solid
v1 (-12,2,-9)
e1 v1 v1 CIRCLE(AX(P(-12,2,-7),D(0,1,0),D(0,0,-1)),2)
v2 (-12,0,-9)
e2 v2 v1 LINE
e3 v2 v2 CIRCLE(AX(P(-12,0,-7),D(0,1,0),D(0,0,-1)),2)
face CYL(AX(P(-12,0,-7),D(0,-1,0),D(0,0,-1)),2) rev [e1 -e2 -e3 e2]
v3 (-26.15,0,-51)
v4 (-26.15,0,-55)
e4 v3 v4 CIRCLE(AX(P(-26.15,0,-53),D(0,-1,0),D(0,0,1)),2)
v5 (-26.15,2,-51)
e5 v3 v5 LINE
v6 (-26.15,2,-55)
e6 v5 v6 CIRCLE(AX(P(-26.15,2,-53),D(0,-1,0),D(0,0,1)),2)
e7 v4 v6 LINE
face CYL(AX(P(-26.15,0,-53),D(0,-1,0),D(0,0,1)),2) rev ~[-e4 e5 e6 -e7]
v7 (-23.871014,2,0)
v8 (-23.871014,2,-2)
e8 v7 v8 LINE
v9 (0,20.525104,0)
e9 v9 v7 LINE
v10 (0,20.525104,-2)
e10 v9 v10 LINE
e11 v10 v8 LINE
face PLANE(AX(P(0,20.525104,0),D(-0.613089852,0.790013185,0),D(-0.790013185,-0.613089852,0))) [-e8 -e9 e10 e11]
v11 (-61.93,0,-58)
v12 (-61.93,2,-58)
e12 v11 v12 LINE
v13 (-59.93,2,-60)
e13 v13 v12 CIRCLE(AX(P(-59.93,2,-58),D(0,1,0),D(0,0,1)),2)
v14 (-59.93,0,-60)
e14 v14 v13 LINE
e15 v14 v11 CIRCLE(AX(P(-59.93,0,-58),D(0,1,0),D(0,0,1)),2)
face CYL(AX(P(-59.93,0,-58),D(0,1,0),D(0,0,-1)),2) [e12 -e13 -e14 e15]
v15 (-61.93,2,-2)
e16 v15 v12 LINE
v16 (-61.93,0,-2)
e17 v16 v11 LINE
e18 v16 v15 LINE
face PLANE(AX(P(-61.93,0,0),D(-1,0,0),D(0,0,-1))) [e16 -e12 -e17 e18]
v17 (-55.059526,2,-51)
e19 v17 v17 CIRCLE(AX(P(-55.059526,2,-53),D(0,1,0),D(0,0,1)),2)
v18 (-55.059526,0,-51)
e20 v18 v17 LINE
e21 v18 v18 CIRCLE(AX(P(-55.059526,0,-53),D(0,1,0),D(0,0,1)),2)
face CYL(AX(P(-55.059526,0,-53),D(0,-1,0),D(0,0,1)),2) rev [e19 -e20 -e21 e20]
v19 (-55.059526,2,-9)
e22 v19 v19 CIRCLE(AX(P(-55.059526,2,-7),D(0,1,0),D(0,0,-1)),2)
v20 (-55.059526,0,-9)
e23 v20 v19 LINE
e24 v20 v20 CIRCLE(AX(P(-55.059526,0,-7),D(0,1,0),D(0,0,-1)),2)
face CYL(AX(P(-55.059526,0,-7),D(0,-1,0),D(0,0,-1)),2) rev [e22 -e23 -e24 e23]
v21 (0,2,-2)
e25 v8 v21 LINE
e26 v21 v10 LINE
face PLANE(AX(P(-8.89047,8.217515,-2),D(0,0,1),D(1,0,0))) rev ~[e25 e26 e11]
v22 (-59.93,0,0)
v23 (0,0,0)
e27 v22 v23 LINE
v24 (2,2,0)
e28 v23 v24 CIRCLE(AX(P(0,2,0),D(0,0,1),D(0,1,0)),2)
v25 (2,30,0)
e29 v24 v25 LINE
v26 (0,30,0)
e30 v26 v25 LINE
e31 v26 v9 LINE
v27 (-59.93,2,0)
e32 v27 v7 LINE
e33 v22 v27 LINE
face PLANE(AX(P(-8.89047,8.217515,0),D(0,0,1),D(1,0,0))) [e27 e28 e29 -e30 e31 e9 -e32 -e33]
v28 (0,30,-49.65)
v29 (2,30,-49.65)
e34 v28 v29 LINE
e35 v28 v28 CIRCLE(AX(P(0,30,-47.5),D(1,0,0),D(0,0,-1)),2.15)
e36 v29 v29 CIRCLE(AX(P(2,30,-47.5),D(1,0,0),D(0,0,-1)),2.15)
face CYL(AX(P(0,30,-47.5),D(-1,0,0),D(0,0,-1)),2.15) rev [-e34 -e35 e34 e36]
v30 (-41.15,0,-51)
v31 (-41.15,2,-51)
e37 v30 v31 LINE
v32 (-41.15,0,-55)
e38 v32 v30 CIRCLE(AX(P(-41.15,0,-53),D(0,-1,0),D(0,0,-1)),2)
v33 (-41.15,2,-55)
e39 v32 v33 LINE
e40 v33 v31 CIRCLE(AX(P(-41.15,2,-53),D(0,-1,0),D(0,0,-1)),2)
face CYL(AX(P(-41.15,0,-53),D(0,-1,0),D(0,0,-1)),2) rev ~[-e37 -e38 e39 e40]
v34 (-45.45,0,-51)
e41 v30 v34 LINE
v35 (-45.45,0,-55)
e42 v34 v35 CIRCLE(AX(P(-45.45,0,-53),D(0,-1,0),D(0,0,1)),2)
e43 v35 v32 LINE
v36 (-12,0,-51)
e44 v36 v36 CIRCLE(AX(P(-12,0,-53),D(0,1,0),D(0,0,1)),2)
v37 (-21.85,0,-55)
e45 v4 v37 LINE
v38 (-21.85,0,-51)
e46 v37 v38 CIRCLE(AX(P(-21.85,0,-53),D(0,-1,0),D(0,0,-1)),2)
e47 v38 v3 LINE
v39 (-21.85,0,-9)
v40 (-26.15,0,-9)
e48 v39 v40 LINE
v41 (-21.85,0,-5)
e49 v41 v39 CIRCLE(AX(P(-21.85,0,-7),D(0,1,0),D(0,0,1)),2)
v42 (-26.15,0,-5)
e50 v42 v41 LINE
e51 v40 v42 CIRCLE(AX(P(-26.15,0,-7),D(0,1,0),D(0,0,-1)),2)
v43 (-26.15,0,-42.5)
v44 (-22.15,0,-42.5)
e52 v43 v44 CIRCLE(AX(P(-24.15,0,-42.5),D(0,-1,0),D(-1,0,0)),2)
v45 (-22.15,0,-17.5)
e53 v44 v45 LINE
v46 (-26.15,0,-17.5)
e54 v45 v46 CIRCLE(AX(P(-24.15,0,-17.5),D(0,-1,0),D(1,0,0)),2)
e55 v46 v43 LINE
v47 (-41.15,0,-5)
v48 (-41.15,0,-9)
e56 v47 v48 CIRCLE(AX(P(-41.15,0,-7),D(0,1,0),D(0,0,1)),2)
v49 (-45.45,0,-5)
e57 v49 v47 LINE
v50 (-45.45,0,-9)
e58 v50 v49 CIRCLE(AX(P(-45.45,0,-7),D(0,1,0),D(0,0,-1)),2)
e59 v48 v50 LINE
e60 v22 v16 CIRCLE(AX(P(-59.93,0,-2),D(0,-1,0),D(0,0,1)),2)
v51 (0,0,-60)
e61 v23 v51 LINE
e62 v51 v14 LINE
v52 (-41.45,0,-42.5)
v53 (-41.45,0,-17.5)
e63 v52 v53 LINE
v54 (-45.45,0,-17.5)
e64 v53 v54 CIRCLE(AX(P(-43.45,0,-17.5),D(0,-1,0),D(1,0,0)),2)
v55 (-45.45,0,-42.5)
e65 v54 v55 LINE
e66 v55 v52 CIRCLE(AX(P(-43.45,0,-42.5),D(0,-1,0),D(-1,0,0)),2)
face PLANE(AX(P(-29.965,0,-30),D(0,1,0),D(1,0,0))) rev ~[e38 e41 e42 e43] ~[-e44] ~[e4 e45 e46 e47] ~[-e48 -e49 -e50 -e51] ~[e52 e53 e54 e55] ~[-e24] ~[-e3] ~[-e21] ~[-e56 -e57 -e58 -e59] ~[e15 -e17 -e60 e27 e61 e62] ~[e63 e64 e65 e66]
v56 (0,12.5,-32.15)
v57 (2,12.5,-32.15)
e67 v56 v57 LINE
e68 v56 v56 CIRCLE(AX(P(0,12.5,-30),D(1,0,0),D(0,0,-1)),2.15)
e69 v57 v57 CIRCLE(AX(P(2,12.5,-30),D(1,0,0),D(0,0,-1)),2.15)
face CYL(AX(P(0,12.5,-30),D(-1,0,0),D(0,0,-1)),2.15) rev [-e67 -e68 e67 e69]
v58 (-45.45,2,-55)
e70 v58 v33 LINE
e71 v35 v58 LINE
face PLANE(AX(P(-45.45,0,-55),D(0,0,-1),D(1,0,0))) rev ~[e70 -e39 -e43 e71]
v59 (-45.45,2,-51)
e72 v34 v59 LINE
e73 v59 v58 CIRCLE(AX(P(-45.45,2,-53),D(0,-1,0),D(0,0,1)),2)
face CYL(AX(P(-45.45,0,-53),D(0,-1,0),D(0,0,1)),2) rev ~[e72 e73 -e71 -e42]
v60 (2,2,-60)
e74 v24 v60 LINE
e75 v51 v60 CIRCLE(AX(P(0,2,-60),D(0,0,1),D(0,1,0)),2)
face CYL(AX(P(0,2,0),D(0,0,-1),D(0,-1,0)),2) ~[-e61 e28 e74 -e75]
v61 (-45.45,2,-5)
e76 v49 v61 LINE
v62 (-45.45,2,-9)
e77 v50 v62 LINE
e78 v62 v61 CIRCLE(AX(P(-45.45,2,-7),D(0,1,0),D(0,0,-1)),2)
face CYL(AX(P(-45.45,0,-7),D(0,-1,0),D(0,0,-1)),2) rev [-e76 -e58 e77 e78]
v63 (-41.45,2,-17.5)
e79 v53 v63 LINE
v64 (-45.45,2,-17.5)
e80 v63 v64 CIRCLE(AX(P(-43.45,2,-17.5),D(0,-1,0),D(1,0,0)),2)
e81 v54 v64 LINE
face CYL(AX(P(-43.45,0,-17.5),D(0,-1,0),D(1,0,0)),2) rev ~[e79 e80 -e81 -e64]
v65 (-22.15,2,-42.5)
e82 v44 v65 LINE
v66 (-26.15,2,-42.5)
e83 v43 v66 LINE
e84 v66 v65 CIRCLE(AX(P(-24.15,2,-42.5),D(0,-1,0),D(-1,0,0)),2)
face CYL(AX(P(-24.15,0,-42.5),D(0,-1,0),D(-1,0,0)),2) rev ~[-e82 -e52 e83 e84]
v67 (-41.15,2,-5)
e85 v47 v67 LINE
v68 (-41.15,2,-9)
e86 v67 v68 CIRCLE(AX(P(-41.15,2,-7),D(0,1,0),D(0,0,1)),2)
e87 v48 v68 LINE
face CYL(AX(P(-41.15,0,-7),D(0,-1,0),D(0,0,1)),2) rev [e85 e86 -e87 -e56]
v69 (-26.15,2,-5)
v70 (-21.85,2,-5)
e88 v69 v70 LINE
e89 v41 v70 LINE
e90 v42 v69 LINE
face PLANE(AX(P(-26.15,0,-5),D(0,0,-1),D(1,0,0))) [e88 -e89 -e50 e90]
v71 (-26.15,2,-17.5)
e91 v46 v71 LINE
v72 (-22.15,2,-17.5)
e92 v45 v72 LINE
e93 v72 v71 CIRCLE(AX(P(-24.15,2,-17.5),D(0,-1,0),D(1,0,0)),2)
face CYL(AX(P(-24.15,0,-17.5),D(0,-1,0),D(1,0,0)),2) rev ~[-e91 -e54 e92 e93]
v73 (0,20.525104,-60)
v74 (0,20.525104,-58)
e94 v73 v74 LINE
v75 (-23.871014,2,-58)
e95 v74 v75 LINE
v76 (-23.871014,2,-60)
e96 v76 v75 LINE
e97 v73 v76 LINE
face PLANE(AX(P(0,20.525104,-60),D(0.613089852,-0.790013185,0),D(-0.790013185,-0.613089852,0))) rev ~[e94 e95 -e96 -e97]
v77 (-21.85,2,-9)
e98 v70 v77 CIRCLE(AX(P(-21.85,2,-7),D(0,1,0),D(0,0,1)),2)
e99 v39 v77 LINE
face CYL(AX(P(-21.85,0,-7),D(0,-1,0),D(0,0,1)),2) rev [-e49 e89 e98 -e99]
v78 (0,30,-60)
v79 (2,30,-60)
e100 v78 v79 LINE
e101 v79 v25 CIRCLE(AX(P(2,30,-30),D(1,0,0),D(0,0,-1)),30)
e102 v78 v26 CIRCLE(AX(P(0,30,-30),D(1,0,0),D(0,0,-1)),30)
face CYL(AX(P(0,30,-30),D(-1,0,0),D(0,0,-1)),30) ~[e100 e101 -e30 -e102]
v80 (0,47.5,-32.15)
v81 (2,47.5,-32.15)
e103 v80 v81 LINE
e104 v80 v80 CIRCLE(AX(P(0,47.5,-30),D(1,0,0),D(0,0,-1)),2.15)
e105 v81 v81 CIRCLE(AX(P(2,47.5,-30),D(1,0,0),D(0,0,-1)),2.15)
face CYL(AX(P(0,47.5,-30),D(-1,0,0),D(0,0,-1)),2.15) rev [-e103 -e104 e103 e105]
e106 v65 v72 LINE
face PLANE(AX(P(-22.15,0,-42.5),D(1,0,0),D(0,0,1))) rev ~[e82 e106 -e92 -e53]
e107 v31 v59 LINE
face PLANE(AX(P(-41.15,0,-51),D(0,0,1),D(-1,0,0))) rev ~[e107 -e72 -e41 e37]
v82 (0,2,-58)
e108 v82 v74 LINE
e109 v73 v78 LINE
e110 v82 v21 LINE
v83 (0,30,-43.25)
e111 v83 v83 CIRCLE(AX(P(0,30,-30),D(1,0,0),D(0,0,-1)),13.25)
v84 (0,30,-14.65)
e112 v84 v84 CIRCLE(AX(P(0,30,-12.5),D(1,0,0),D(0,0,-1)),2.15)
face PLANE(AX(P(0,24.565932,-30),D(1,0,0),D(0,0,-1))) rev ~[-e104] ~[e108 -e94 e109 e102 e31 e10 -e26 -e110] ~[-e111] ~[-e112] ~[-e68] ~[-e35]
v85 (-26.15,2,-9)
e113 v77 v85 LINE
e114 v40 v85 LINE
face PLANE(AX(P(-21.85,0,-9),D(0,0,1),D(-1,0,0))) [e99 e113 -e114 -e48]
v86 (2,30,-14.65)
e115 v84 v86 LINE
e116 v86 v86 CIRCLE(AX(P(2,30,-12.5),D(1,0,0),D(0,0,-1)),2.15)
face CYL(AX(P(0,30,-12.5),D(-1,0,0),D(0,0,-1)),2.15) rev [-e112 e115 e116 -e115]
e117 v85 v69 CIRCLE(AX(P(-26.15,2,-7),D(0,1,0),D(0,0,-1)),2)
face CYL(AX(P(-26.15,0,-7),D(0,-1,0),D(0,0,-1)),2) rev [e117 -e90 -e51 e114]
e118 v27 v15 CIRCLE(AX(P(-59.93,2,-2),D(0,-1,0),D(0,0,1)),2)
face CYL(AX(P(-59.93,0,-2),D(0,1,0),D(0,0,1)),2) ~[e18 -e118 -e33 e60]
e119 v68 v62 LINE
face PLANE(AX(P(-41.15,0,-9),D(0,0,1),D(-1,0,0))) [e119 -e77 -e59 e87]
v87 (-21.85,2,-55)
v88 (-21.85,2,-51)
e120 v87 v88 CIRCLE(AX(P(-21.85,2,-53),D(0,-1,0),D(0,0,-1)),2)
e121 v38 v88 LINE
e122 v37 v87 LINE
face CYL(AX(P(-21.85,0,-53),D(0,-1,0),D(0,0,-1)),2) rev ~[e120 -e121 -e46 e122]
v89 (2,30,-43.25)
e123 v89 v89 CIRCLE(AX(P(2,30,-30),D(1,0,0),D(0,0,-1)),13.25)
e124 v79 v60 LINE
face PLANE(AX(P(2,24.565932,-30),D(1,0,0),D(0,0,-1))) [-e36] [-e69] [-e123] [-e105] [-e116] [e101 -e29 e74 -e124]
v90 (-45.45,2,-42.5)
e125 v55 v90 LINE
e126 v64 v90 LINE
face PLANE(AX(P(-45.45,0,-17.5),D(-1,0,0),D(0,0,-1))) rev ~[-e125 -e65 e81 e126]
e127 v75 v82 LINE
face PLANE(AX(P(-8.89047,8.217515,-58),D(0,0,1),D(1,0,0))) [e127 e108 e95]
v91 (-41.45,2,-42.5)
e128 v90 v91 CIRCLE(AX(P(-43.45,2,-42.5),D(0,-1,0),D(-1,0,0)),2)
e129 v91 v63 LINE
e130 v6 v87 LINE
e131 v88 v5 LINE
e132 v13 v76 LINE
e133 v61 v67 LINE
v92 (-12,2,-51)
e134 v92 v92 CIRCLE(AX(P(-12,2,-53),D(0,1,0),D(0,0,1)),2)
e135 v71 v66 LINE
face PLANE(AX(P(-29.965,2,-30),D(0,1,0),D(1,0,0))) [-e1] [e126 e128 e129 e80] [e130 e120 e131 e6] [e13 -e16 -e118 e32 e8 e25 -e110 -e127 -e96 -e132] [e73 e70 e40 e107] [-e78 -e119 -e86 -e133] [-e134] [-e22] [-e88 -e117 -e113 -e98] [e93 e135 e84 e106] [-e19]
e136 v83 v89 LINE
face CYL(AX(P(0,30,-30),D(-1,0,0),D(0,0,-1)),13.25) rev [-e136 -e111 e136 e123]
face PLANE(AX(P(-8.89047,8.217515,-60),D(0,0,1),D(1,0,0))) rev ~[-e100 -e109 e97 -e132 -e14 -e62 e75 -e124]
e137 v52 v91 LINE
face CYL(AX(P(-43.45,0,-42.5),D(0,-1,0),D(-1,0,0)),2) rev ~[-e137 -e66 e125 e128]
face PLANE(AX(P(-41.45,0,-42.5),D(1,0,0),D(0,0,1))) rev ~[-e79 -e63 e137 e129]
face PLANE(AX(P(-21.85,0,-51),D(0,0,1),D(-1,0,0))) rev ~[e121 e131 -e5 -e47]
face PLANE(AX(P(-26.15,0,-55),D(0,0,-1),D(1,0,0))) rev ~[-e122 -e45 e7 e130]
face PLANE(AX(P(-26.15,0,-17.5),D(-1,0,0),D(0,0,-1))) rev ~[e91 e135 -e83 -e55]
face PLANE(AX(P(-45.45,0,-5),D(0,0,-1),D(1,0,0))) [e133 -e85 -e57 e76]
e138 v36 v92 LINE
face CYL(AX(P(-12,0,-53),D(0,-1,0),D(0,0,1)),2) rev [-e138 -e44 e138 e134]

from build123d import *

# Parameters (mm, degrees)
SKETCH1_R           = 2.15
SKETCH1_R_2         = 13.25
BOSS_EXTRUDE1_DEPTH = 2
SKETCH2_W           = 63.93
SKETCH2_H           = 60
SKETCH2_R           = 2
BOSS_EXTRUDE2_DEPTH = 2
BOSS_EXTRUDE3_DEPTH = 2
BOSS_EXTRUDE4_DEPTH = 2
FILLET1_R           = 2


with BuildPart() as part:
    # Sketch1 → Boss-Extrude1 (new body)
    with BuildSketch(Plane(origin=(0, 0, 0), x_dir=(0, 0, -1), z_dir=(1, 0, 0))):
        with BuildLine():
            Line((0, 0), (60, 0))
            Line((60, 0), (60, 30))
            ThreePointArc((60, 30), (30, 60), (0, 30))
            Line((0, 30), (0, 0))
        make_face()
        with Locations((30, 47.5)):
            Circle(SKETCH1_R, mode=Mode.SUBTRACT)
        with Locations((30, 30)):
            Circle(SKETCH1_R_2, mode=Mode.SUBTRACT)
        with Locations((47.5, 30)):
            Circle(SKETCH1_R, mode=Mode.SUBTRACT)
        with Locations((30, 12.5)):
            Circle(SKETCH1_R, mode=Mode.SUBTRACT)
        with Locations((12.5, 30)):
            Circle(SKETCH1_R, mode=Mode.SUBTRACT)
    extrude(amount=BOSS_EXTRUDE1_DEPTH)

    # Sketch2 → Boss-Extrude2 (add)
    with BuildSketch(Plane(origin=(0, 0, 0), x_dir=(1, 0, 0), z_dir=(0, 1, 0))):
        with Locations((-29.965, 30)):
            Rectangle(SKETCH2_W, SKETCH2_H)
        with Locations(Location((-12, 53, 0), (0, 0, 270))):
            Circle(SKETCH2_R, mode=Mode.SUBTRACT)
        with Locations(Location((-55.059526056, 53, 0), (0, 0, 270))):
            Circle(SKETCH2_R, mode=Mode.SUBTRACT)
        with Locations(Location((-55.059526056, 7, 0), (0, 0, 90))):
            Circle(SKETCH2_R, mode=Mode.SUBTRACT)
        with Locations(Location((-12, 7, 0), (0, 0, 90))):
            Circle(SKETCH2_R, mode=Mode.SUBTRACT)
        with BuildLine():
            Line((-21.85, 51), (-26.15, 51))
            ThreePointArc((-26.15, 51), (-28.15, 53), (-26.15, 55))
            Line((-26.15, 55), (-21.85, 55))
            ThreePointArc((-21.85, 55), (-19.85, 53), (-21.85, 51))
        make_face(mode=Mode.SUBTRACT)
        with BuildLine():
            Line((-41.15, 51), (-45.45, 51))
            ThreePointArc((-45.45, 51), (-47.45, 53), (-45.45, 55))
            Line((-45.45, 55), (-41.15, 55))
            ThreePointArc((-41.15, 55), (-39.15, 53), (-41.15, 51))
        make_face(mode=Mode.SUBTRACT)
        with BuildLine():
            Line((-41.15, 9), (-45.45, 9))
            ThreePointArc((-45.45, 9), (-47.45, 7), (-45.45, 5))
            Line((-45.45, 5), (-41.15, 5))
            ThreePointArc((-41.15, 5), (-39.15, 7), (-41.15, 9))
        make_face(mode=Mode.SUBTRACT)
        with BuildLine():
            Line((-21.85, 9), (-26.15, 9))
            ThreePointArc((-26.15, 9), (-28.15, 7), (-26.15, 5))
            Line((-26.15, 5), (-21.85, 5))
            ThreePointArc((-21.85, 5), (-19.85, 7), (-21.85, 9))
        make_face(mode=Mode.SUBTRACT)
        with BuildLine():
            Line((-22.15, 42.5), (-22.15, 17.5))
            ThreePointArc((-22.15, 17.5), (-24.15, 15.5), (-26.15, 17.5))
            Line((-26.15, 17.5), (-26.15, 42.5))
            ThreePointArc((-26.15, 42.5), (-24.15, 44.5), (-22.15, 42.5))
        make_face(mode=Mode.SUBTRACT)
        with BuildLine():
            Line((-41.45, 42.5), (-41.45, 17.5))
            ThreePointArc((-41.45, 17.5), (-43.45, 15.5), (-45.45, 17.5))
            Line((-45.45, 17.5), (-45.45, 42.5))
            ThreePointArc((-45.45, 42.5), (-43.45, 44.5), (-41.45, 42.5))
        make_face(mode=Mode.SUBTRACT)
    extrude(amount=BOSS_EXTRUDE2_DEPTH)

    # Sketch3 → Boss-Extrude3 (add)
    with BuildSketch(Plane(origin=(0, 0, -60), x_dir=(-1, 0, 0), z_dir=(0, 0, -1))):
        Polygon((0, 20.525104105), (23.871014094, 2), (0, 2), align=None)
    extrude(amount=-BOSS_EXTRUDE3_DEPTH)

    # Sketch4 → Boss-Extrude4 (add)
    with BuildSketch(Plane.XY):
        Polygon((0, 20.525104105), (-23.871014094, 2), (0, 2), align=None)
    extrude(amount=-BOSS_EXTRUDE4_DEPTH)

    # Fillet1
    fillet1_edges = [part.edges().sort_by_distance(p)[0] for p in [
        (-61.93, 1, 0),
        (-61.93, 1, -60),
        (2, 0, -30),
    ]]
    fillet(fillet1_edges, radius=FILLET1_R)


solid = part.part
